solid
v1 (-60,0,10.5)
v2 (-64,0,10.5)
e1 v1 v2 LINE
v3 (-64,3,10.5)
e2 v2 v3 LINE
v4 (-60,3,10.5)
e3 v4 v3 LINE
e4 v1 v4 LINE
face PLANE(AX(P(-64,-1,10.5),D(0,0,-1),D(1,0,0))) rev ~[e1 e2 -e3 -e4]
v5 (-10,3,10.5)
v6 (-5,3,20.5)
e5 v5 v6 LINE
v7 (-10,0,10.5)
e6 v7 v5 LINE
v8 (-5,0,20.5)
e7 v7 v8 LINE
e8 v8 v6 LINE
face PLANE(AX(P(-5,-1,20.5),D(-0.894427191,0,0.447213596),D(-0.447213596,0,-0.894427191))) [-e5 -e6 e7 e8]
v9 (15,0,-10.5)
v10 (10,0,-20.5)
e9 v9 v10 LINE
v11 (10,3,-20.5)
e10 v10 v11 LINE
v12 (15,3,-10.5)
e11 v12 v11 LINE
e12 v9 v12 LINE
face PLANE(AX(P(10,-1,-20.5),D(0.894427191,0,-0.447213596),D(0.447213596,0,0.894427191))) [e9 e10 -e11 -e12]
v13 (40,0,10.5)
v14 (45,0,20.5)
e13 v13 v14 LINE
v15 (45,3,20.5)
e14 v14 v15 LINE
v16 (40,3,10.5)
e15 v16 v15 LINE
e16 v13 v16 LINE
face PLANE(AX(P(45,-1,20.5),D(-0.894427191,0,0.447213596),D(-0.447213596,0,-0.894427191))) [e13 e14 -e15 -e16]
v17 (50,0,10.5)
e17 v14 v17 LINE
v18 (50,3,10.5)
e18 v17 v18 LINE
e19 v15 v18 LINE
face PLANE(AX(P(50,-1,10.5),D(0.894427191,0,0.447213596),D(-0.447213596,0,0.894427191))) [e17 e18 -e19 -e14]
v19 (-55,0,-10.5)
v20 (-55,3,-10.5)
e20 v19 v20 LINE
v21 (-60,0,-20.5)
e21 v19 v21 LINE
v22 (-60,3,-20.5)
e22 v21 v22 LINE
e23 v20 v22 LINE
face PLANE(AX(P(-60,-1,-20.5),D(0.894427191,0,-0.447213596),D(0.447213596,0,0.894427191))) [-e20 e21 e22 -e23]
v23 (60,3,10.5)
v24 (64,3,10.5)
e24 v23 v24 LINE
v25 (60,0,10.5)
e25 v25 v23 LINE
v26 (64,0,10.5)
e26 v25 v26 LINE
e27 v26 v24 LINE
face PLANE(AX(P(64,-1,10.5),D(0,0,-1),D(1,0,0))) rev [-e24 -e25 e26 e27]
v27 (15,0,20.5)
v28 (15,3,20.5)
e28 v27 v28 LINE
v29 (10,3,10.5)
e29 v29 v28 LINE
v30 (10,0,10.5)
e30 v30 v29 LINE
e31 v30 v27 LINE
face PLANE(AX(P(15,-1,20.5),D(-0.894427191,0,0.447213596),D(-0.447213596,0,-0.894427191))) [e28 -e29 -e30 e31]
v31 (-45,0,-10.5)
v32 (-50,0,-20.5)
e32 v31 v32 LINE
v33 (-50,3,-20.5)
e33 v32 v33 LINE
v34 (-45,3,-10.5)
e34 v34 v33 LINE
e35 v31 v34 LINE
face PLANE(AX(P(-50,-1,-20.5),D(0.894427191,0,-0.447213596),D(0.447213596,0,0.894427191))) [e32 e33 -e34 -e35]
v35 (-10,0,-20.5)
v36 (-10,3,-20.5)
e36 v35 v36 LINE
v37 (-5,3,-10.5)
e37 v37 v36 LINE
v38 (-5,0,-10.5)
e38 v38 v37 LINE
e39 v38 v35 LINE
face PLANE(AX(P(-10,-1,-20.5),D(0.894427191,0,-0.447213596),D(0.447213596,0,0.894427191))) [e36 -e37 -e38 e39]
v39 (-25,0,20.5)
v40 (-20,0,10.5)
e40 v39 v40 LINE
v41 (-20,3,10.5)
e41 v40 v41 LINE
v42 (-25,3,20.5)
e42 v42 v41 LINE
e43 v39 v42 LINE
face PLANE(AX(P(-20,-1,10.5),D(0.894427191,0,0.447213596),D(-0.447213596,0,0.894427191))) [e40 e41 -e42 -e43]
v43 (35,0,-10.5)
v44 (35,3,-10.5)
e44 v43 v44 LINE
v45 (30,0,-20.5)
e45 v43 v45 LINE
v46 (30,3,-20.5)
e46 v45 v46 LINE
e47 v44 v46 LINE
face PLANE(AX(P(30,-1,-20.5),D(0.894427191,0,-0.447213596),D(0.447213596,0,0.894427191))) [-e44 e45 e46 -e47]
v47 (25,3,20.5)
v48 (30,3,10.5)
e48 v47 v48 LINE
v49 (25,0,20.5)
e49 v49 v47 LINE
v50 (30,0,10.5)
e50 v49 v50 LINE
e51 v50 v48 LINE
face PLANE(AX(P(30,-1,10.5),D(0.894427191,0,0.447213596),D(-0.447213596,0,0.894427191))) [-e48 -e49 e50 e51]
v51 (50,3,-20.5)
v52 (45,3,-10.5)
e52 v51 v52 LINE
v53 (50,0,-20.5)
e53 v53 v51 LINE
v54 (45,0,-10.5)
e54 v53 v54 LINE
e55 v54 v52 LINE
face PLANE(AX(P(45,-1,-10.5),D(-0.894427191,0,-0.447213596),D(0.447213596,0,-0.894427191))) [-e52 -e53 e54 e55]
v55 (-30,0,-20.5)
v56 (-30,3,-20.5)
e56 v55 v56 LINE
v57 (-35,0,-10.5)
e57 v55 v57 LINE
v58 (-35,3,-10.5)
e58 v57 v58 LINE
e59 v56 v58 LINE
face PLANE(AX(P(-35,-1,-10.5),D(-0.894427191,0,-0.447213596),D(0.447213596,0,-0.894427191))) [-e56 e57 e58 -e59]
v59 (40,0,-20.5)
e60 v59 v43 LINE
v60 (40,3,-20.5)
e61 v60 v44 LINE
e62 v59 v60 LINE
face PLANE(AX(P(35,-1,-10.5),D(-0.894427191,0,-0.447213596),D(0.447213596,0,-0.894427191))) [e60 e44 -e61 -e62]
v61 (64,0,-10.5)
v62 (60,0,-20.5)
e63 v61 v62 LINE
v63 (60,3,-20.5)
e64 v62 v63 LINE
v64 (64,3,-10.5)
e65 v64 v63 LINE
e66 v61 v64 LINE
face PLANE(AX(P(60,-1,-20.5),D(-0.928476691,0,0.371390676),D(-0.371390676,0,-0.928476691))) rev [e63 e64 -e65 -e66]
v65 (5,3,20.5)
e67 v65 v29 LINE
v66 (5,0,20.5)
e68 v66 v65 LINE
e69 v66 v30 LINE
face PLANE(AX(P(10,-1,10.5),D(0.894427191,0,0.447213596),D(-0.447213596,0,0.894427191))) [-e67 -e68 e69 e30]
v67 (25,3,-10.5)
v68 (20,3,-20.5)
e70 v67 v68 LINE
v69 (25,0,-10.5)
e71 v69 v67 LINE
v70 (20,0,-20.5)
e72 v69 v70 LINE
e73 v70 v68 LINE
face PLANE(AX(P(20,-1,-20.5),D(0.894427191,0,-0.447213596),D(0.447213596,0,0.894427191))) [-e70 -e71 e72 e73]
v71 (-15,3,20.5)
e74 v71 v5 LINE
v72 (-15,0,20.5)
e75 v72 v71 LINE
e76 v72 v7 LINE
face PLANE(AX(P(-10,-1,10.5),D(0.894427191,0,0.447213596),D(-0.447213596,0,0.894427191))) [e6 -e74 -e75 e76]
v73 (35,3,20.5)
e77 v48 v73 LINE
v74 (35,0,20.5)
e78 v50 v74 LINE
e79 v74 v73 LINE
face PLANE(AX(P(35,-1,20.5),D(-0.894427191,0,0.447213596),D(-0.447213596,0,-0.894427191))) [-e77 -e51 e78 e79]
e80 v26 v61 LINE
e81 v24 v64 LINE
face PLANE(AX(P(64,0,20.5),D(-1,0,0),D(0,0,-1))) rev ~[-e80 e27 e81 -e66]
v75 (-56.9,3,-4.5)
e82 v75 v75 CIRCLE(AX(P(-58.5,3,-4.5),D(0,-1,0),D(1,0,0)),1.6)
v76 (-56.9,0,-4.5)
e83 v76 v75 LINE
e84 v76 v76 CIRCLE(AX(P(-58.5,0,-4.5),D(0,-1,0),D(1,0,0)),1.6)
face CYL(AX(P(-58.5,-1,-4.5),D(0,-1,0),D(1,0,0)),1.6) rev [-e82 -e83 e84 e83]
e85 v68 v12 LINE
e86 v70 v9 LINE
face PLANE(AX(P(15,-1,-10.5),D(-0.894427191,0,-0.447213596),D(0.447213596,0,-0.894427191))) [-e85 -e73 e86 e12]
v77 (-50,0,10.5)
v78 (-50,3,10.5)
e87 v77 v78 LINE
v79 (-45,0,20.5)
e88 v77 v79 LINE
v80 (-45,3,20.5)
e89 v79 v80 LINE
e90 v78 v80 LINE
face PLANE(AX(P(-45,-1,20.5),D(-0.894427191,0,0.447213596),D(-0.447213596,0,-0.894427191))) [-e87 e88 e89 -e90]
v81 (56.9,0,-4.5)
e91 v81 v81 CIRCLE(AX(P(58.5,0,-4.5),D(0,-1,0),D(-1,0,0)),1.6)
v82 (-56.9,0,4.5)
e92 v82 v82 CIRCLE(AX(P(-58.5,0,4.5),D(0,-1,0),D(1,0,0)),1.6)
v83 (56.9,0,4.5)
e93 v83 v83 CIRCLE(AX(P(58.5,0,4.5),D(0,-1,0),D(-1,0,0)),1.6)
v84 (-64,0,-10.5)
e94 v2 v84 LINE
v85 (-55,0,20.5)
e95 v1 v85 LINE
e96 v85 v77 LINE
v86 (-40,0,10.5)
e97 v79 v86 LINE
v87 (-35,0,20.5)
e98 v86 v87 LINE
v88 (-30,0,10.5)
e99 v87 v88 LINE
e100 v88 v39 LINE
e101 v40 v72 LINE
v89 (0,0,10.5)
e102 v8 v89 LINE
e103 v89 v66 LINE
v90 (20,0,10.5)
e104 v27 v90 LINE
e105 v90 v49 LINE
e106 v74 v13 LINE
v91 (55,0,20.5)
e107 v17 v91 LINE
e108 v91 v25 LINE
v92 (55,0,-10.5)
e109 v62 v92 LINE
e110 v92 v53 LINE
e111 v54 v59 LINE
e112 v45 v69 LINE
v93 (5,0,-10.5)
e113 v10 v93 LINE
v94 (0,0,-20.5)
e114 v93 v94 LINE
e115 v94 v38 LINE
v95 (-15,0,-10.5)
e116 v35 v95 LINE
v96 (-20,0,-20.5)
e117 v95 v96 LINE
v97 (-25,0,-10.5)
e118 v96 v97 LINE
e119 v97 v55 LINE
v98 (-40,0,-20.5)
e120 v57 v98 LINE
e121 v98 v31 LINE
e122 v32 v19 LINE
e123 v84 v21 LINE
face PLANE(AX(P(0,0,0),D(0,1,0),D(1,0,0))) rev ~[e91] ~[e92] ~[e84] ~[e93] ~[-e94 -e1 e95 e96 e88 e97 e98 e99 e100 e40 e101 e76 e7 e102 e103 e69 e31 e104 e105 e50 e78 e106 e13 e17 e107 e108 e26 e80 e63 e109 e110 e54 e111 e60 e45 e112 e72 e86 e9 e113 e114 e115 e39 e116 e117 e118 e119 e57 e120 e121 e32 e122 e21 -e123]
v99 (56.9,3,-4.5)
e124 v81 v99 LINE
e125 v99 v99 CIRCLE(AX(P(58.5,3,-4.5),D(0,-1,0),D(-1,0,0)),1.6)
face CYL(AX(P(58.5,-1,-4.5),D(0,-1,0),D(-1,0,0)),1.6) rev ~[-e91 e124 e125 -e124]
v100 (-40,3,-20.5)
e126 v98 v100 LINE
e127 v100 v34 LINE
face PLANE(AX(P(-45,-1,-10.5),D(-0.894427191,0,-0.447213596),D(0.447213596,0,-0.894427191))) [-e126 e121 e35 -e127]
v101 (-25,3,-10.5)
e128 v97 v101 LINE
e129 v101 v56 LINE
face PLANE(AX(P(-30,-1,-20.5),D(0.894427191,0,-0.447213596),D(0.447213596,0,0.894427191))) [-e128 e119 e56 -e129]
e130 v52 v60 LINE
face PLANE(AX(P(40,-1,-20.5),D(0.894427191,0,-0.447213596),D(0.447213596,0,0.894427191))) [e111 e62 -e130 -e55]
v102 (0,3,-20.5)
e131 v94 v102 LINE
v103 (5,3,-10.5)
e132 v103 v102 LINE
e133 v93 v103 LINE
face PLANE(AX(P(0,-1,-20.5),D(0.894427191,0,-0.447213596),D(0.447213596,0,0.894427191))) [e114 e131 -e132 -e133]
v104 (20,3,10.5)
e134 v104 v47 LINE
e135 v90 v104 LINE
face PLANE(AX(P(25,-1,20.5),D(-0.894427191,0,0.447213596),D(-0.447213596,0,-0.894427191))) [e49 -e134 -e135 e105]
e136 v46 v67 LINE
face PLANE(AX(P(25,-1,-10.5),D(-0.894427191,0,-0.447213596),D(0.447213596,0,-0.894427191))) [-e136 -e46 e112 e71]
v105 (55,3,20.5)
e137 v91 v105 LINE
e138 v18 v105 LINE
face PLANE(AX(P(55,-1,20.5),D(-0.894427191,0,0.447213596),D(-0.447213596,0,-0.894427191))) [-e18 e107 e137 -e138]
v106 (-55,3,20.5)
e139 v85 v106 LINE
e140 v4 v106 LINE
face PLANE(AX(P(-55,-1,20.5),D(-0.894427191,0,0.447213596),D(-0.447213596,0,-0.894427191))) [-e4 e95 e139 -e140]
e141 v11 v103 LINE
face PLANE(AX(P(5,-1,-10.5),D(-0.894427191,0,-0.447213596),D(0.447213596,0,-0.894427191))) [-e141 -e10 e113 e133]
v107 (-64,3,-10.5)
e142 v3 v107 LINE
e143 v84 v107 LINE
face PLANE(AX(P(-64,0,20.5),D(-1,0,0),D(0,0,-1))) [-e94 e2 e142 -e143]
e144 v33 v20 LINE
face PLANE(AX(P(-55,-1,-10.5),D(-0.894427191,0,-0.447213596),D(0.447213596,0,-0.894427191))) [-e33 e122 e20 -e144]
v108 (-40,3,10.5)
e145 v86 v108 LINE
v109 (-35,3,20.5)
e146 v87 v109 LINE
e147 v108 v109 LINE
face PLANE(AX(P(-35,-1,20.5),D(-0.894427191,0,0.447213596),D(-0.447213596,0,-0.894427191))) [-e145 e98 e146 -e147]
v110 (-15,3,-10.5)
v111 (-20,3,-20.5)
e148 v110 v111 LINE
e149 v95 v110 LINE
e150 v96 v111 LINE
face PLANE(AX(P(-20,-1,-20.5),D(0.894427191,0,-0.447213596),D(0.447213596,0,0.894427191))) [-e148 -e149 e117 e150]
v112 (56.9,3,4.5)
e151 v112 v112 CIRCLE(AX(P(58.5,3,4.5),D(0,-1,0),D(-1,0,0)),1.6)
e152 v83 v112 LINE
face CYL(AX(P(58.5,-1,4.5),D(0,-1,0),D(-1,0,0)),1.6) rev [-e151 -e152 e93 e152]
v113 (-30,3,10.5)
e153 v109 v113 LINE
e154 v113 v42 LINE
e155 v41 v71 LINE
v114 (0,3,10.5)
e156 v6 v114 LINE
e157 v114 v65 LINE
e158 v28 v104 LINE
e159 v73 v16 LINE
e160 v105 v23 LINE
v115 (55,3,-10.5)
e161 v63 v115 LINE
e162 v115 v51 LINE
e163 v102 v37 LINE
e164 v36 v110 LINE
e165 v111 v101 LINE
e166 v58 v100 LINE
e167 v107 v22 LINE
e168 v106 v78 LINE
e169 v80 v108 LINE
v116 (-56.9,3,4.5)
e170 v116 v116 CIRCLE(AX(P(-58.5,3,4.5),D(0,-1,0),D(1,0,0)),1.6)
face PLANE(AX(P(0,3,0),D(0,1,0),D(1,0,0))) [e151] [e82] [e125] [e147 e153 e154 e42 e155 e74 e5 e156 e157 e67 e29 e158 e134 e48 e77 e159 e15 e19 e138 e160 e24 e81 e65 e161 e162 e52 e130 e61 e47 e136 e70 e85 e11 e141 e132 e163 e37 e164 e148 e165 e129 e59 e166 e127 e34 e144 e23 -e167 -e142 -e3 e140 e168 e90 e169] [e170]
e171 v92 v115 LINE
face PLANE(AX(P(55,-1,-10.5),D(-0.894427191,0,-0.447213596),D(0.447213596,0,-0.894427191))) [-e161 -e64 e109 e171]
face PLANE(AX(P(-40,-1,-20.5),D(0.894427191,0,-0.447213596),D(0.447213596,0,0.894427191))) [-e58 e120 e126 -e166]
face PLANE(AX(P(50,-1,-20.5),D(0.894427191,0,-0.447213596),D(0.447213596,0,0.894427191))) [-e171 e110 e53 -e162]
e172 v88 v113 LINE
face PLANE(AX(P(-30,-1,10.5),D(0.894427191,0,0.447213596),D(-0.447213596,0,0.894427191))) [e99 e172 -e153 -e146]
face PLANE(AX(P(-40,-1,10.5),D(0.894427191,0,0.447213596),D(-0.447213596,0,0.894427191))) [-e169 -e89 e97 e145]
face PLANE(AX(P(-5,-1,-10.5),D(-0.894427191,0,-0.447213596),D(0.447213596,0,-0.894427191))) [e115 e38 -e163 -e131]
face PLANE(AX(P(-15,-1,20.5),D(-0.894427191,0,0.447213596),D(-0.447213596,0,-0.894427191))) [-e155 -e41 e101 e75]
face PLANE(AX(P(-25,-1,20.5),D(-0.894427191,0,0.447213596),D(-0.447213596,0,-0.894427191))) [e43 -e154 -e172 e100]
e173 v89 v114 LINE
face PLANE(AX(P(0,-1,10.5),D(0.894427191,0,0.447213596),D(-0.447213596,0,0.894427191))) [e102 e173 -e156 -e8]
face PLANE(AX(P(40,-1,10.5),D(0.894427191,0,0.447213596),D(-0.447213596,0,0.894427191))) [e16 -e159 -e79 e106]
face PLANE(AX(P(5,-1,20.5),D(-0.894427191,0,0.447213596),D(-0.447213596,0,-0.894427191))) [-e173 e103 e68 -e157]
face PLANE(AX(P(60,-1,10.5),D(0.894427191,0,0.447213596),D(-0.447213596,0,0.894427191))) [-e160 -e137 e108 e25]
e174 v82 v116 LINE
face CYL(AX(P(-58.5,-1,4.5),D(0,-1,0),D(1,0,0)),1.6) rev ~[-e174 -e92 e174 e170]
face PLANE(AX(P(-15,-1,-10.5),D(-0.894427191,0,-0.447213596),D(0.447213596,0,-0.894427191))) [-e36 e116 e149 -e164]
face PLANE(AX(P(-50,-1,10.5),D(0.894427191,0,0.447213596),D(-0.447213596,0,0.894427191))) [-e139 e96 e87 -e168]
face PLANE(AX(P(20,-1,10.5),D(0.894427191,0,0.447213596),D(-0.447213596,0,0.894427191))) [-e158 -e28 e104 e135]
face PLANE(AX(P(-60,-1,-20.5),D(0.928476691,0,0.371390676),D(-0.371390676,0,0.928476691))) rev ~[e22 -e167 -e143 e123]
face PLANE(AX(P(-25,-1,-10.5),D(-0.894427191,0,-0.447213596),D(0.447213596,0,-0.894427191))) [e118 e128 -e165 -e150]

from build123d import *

# Parameters (mm, degrees)
SKETCH1_W               = 128
SKETCH1_H               = 41
BOSS_EXTRUDE1_DEPTH     = 3
CUT_EXTRUDE2_START      = -4
CUT_EXTRUDE2_DEPTH      = 5
LPATTERN3_COUNT         = 12
LPATTERN3_PITCH         = 10
CUT_EXTRUDE3_START      = -4
CUT_EXTRUDE3_DEPTH      = 5
LPATTERN5_COUNT         = 12
LPATTERN5_PITCH         = 10
CUT_EXTRUDE4_START      = -4
SKETCH6_R               = 1.6
CUT_EXTRUDE4_DEPTH      = 5
MIRROR3_START           = -4
MIRROR3_COPY_1_SKETCH_R = 1.6
MIRROR3_COPY_1_DEPTH    = 5
CUT_EXTRUDE5_START      = -4
CUT_EXTRUDE5_DEPTH      = 5
CUT_EXTRUDE6_START      = -4
SKETCH8_W               = 4
SKETCH8_H               = 10
CUT_EXTRUDE6_DEPTH      = 5


with BuildPart() as part:
    # Sketch1 → Boss-Extrude1 (new body)
    with BuildSketch(Plane(origin=(0, 0, 0), x_dir=(1, 0, 0), z_dir=(0, 1, 0))):
        Rectangle(SKETCH1_W, SKETCH1_H)
    extrude(amount=BOSS_EXTRUDE1_DEPTH)

    # Sketch2 → Cut-Extrude2 (cut)
    with BuildSketch(Plane(origin=(0, 3, 0), x_dir=(1, 0, 0), z_dir=(0, 1, 0)).offset(CUT_EXTRUDE2_START)):
        Polygon((-60, 20.5), (-55, 10.5), (-50, 20.5), align=None)
    cut_extrude2 = extrude(amount=CUT_EXTRUDE2_DEPTH, mode=Mode.SUBTRACT)

    # LPattern3: Cut-Extrude2 ×12
    with Locations(*[(i * LPATTERN3_PITCH, 0, 0) for i in range(1, LPATTERN3_COUNT)]):
        add(cut_extrude2, mode=Mode.SUBTRACT)

    # Sketch5 → Cut-Extrude3 (cut)
    with BuildSketch(Plane(origin=(0, 3, 0), x_dir=(1, 0, 0), z_dir=(0, 1, 0)).offset(CUT_EXTRUDE3_START)):
        Polygon((-55, -20.5), (-60, -10.5), (-60, -20.5), align=None)
        Polygon((-50, -10.5), (-55, -20.5), (-50, -20.5), align=None)
    cut_extrude3 = extrude(amount=CUT_EXTRUDE3_DEPTH, mode=Mode.SUBTRACT)

    # LPattern5: Cut-Extrude3 ×12
    with Locations(*[(i * LPATTERN5_PITCH, 0, 0) for i in range(1, LPATTERN5_COUNT)]):
        add(cut_extrude3, mode=Mode.SUBTRACT)

    # Sketch6 → Cut-Extrude4 (cut)
    with BuildSketch(Plane(origin=(0, 3, 0), x_dir=(1, 0, 0), z_dir=(0, 1, 0)).offset(CUT_EXTRUDE4_START)):
        with Locations((-58.5, 4.5)):
            Circle(SKETCH6_R)
    cut_extrude4 = extrude(amount=CUT_EXTRUDE4_DEPTH, mode=Mode.SUBTRACT)

    # Mirror2: Cut-Extrude4 across plane
    add(cut_extrude4.mirror(Plane(origin=(0, 0, 0), x_dir=(0, 0, 1), z_dir=(1, 0, 0))), mode=Mode.SUBTRACT)

    # Mirror3: Cut-Extrude4 across plane
    add(cut_extrude4.mirror(Plane.XY), mode=Mode.SUBTRACT)

    # Mirror3 copy 1 sketch → Mirror3 copy 1 (cut)
    with BuildSketch(Plane(origin=(0, 3, 0), x_dir=(-1, 0, 0), z_dir=(0, 1, 0)).offset(MIRROR3_START)):
        with Locations((-58.5, 4.5)):
            Circle(MIRROR3_COPY_1_SKETCH_R)
    extrude(amount=MIRROR3_COPY_1_DEPTH, mode=Mode.SUBTRACT)

    # Sketch7 → Cut-Extrude5 (cut)
    with BuildSketch(Plane(origin=(0, 3, 0), x_dir=(1, 0, 0), z_dir=(0, 1, 0)).offset(CUT_EXTRUDE5_START)):
        Polygon((-60, 20.5), (-64, 10.5), (-64, 20.5), align=None)
    cut_extrude5 = extrude(amount=CUT_EXTRUDE5_DEPTH, mode=Mode.SUBTRACT)

    # Mirror4: Cut-Extrude5 across plane
    add(cut_extrude5.mirror(Plane(origin=(0, 0, 0), x_dir=(0, 0, 1), z_dir=(1, 0, 0))), mode=Mode.SUBTRACT)

    # Sketch8 → Cut-Extrude6 (cut)
    with BuildSketch(Plane(origin=(0, 3, 0), x_dir=(1, 0, 0), z_dir=(0, 1, 0)).offset(CUT_EXTRUDE6_START)):
        with Locations((-62, -15.5)):
            Rectangle(SKETCH8_W, SKETCH8_H)
    cut_extrude6 = extrude(amount=CUT_EXTRUDE6_DEPTH, mode=Mode.SUBTRACT)

    # Mirror5: Cut-Extrude6 across plane
    add(cut_extrude6.mirror(Plane(origin=(0, 0, 0), x_dir=(0, 0, 1), z_dir=(1, 0, 0))), mode=Mode.SUBTRACT)


solid = part.part
